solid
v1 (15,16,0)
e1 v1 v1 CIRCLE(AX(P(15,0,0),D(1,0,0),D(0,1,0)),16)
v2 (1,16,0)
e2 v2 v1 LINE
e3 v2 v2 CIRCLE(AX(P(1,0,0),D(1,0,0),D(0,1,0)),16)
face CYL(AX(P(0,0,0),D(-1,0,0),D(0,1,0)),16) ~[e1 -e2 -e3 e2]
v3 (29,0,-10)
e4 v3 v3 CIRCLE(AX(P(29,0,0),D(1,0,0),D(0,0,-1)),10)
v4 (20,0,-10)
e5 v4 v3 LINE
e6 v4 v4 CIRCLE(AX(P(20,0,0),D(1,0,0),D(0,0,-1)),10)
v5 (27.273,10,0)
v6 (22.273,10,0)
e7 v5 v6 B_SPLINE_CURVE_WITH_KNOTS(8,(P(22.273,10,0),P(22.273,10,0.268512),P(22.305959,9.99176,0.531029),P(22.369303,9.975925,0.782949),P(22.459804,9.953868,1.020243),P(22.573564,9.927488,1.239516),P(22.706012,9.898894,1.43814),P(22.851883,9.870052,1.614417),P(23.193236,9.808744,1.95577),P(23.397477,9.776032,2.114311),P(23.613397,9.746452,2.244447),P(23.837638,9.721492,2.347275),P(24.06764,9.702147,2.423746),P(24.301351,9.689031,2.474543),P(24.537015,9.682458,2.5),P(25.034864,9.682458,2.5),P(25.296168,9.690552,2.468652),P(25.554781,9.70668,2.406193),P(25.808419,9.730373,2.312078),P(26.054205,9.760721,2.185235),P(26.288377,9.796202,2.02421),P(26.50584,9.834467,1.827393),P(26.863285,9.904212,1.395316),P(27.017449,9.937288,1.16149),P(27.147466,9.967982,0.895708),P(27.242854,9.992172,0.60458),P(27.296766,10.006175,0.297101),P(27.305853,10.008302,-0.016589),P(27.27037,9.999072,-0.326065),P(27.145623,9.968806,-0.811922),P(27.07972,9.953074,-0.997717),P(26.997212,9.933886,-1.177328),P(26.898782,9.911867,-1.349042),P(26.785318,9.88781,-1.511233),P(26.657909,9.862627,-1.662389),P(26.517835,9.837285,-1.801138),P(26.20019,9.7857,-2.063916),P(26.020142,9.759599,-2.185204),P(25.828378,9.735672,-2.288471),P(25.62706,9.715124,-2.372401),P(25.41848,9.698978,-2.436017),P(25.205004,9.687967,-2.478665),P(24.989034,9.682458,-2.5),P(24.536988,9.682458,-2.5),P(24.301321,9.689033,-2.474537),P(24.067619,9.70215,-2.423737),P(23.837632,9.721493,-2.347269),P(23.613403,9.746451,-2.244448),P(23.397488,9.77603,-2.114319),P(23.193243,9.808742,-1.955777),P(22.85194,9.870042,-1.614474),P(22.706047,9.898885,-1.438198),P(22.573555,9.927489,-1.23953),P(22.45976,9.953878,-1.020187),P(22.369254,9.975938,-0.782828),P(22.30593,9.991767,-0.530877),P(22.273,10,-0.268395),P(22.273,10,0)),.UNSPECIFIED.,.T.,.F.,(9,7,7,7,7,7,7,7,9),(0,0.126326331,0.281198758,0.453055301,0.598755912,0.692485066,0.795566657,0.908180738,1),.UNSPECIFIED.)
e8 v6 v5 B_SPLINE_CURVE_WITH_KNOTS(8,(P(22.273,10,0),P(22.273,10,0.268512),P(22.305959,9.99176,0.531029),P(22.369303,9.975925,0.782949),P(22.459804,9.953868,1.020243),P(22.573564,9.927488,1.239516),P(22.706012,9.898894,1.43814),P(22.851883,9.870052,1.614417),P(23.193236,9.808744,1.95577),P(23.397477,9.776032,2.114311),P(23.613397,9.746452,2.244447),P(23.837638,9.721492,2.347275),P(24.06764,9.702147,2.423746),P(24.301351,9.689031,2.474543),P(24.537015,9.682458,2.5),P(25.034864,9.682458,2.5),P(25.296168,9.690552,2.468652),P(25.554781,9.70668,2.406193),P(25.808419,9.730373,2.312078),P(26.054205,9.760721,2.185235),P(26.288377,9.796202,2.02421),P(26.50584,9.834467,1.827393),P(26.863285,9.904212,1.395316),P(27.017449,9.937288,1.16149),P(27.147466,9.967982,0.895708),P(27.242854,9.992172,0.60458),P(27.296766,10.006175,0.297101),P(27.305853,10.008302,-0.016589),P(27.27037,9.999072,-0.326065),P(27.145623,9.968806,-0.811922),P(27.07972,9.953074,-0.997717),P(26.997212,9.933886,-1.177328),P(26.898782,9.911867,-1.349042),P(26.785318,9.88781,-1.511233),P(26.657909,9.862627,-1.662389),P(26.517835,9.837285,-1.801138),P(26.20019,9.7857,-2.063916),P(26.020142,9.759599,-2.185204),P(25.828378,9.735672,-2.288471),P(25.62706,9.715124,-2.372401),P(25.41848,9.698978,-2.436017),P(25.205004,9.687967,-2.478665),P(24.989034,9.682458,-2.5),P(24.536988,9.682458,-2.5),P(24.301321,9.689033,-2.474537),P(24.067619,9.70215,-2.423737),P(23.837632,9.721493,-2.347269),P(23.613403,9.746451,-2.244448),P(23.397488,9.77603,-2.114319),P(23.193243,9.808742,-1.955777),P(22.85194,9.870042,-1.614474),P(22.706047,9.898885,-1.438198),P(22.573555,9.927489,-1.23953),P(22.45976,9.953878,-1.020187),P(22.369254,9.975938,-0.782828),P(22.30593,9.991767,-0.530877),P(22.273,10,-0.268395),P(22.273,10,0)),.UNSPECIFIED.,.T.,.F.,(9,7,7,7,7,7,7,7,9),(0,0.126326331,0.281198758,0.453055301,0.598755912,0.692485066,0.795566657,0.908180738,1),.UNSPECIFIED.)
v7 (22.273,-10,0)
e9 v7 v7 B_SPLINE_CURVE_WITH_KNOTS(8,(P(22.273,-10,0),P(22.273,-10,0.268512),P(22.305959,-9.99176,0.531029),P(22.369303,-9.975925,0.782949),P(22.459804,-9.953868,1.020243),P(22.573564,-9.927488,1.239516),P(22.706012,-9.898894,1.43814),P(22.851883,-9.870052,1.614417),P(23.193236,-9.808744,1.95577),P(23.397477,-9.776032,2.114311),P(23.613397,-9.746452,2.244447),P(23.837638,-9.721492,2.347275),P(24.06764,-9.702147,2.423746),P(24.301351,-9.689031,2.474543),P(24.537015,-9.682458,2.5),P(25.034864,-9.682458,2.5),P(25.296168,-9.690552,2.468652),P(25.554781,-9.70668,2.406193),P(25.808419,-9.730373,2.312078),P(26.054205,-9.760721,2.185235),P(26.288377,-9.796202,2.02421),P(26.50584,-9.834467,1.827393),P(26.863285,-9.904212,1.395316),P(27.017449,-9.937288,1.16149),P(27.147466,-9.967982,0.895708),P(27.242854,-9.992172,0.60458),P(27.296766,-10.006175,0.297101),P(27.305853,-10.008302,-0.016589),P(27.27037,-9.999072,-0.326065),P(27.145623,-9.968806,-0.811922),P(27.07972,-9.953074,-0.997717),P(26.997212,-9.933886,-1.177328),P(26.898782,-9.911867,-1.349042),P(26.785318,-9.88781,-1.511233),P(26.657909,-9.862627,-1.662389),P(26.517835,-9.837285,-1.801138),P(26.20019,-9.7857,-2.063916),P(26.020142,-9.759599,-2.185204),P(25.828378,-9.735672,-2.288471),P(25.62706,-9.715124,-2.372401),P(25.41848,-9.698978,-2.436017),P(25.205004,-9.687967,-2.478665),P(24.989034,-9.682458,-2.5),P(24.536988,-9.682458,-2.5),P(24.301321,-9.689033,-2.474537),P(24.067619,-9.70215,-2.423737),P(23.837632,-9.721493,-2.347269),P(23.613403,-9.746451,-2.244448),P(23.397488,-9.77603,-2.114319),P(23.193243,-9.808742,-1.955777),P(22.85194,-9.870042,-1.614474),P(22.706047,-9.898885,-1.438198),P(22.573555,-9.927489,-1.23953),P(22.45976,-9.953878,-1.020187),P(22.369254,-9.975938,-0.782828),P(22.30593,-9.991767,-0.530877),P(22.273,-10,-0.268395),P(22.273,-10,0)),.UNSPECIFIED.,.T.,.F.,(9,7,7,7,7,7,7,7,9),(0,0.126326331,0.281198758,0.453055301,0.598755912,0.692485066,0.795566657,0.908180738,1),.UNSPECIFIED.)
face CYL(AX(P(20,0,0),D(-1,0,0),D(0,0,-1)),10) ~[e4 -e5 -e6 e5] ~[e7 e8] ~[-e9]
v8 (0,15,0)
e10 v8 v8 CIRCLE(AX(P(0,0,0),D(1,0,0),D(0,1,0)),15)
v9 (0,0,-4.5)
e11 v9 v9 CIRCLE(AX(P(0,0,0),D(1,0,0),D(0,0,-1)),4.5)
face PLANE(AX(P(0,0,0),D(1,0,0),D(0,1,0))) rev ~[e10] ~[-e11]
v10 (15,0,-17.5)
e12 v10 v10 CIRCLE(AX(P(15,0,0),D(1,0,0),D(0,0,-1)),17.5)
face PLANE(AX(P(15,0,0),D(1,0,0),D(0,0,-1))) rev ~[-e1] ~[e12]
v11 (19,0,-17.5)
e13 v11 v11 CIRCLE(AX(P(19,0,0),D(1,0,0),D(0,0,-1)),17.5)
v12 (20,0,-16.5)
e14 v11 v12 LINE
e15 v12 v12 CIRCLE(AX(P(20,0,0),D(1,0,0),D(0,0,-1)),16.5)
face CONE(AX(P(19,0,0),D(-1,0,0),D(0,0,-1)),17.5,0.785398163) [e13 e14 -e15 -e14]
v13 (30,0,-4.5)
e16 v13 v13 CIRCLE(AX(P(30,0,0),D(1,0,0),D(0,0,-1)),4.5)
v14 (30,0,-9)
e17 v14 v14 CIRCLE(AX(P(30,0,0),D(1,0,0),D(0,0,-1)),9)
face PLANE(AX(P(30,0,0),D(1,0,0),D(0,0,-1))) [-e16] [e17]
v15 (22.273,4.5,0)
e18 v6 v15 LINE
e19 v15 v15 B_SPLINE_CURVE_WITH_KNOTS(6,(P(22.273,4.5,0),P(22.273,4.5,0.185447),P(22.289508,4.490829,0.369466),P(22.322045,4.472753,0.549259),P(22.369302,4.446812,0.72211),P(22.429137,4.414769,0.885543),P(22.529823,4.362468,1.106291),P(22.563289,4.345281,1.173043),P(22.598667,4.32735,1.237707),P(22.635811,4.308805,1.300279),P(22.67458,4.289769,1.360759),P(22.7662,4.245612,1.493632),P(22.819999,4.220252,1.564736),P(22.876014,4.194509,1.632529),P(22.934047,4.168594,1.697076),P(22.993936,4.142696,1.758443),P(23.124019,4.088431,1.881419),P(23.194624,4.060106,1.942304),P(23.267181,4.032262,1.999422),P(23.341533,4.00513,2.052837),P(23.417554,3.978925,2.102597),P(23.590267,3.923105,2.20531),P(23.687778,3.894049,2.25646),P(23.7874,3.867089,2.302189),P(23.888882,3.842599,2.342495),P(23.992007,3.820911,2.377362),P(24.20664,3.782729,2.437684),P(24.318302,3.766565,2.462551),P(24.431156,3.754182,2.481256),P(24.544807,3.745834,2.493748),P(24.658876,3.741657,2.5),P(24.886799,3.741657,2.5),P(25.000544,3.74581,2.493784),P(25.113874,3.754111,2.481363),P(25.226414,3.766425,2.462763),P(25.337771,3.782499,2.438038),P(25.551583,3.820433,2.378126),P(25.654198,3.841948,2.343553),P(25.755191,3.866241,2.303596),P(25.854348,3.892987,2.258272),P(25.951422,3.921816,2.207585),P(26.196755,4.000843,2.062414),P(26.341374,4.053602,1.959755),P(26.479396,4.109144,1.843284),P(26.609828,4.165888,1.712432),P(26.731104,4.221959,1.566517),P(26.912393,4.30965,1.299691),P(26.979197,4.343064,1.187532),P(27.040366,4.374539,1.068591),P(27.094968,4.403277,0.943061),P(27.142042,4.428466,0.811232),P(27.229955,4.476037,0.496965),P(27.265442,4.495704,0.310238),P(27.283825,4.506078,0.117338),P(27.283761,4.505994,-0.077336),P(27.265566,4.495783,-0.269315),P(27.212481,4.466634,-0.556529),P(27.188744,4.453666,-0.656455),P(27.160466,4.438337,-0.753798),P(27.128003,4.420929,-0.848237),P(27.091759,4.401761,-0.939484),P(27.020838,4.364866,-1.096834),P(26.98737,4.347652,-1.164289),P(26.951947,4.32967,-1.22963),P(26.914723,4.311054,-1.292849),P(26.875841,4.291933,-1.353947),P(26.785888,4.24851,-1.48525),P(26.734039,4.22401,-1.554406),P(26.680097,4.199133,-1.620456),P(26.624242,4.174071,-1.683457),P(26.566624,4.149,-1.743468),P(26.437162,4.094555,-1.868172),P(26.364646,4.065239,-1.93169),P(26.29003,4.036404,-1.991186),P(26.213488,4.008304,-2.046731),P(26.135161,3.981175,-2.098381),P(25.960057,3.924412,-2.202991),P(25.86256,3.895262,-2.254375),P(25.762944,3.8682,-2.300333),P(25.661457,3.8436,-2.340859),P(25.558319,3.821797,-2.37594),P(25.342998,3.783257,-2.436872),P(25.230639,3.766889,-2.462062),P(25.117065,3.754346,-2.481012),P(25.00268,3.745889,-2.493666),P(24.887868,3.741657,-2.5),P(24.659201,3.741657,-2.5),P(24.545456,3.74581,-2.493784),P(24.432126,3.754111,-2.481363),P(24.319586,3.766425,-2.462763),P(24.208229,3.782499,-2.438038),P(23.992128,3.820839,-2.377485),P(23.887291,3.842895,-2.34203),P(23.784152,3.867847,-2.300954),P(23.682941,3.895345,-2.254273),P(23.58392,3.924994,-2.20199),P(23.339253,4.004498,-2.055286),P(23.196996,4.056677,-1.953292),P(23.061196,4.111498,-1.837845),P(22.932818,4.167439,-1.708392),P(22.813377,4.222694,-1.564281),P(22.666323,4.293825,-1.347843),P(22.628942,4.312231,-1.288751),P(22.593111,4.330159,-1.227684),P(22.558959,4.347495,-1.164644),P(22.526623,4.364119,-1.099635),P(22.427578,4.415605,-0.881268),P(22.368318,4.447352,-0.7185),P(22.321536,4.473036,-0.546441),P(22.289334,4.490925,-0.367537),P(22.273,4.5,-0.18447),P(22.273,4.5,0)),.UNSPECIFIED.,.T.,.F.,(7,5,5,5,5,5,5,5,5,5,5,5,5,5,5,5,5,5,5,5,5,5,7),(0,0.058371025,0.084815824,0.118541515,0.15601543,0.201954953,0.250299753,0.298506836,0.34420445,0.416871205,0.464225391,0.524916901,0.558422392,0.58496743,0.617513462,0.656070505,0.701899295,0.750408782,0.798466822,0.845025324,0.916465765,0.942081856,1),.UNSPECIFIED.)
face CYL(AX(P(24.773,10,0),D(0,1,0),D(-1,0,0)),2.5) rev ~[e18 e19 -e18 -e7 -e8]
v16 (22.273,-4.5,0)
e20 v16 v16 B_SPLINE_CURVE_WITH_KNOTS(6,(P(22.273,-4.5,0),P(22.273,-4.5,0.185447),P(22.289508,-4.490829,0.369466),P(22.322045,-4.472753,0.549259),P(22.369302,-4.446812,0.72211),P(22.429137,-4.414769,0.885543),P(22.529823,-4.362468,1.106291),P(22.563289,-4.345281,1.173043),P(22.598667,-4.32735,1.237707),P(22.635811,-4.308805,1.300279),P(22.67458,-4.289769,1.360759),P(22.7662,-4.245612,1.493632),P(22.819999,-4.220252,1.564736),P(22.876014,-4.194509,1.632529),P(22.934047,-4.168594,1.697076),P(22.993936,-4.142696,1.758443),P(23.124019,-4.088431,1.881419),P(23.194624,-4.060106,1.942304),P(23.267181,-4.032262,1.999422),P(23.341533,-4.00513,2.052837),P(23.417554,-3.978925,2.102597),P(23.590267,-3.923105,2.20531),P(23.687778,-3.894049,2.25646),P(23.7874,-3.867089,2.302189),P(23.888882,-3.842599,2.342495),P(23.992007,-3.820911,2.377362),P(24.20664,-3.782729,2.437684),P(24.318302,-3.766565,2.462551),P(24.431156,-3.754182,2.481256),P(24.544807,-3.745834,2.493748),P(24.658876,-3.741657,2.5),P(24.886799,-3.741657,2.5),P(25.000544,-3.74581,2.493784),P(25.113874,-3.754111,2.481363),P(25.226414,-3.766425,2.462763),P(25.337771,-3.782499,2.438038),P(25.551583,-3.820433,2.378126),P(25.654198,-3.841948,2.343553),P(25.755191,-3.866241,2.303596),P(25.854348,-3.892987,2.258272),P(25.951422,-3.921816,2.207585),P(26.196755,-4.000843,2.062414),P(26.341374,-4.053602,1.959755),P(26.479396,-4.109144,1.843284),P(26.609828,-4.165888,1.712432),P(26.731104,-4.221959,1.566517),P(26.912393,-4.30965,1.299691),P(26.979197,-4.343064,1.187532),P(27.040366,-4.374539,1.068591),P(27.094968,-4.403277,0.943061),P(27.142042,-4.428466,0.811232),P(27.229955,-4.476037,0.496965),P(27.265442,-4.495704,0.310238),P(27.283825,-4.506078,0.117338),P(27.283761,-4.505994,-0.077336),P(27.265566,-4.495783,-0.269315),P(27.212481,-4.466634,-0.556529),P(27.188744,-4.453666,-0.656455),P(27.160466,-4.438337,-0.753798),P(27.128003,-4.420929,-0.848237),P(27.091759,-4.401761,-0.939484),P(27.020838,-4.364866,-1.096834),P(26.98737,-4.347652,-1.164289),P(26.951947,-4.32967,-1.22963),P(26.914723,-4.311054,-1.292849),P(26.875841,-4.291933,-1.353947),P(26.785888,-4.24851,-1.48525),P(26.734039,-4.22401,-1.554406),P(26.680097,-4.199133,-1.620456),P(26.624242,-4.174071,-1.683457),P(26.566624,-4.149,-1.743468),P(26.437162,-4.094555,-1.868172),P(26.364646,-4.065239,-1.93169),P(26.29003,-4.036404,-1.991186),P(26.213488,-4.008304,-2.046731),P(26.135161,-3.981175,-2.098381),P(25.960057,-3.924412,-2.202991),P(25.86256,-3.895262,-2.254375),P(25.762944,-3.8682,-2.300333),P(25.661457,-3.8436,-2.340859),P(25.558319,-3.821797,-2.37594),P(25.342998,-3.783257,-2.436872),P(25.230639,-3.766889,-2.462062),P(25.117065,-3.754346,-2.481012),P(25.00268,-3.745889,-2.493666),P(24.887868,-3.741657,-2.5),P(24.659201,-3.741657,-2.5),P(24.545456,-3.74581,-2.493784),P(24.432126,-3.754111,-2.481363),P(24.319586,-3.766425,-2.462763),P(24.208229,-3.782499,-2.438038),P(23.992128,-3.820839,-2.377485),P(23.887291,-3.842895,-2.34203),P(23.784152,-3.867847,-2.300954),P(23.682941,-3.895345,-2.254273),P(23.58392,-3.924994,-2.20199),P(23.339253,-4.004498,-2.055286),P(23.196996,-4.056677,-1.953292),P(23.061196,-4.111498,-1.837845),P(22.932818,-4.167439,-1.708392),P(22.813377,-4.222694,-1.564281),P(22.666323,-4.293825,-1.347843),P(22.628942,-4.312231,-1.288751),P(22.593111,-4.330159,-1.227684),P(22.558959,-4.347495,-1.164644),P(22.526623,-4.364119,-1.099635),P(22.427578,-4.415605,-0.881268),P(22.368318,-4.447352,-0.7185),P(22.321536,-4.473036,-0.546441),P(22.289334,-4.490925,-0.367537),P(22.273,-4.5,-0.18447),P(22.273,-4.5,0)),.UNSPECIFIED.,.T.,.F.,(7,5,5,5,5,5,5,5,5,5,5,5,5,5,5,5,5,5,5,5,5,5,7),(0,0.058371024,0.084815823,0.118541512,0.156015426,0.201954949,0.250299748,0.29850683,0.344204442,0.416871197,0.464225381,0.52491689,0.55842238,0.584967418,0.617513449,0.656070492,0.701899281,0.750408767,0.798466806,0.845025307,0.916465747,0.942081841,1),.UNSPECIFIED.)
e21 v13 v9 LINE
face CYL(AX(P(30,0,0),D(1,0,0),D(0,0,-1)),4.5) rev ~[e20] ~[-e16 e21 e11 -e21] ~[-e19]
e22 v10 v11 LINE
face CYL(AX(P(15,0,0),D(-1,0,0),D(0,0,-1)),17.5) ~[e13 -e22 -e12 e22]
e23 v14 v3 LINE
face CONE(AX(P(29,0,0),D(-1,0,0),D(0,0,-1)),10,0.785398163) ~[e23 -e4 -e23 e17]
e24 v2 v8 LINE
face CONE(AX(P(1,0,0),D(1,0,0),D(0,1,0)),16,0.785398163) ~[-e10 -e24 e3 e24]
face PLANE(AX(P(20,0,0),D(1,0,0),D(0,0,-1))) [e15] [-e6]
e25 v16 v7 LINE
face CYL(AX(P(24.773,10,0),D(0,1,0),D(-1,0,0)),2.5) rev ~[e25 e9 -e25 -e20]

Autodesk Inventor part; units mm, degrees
ref_plane "YZ Plane" through (0, 0, 0) normal (1, 0, 0) x (0, 1, 0)
ref_plane "XY Plane" through (0, 0, 0) normal (0, 0, 1) x (1, 0, 0)
sketch "Sketch1" plane through (0, 0, 0) normal (1, 0, 0) x (0, 1, 0)
  circle A0 centre (0, 0) radius 16
  dimension "d0" = 32
extrude "Extrusion1" add sketch "Sketch1" along normal blind 15
sketch "Sketch2" plane through (15, 0, 0) normal (1, 0, 0) x (0, 0, -1)
  circle A0 centre (0, 0) radius 17.5
  dimension "d3" = 35
extrude "Extrusion2" add sketch "Sketch2" along normal blind 5
sketch "Sketch3" plane through (20, 0, 0) normal (1, 0, 0) x (0, 0, -1)
  circle A0 centre (0, 0) radius 10
  dimension "d6" = 20
extrude "Extrusion3" add sketch "Sketch3" along normal blind 10
sketch "Sketch4" plane through (30, 0, 0) normal (1, 0, 0) x (0, 0, -1)
  circle A0 centre (0, 0) radius 4.5
  dimension "d9" = 9
extrude "Extrusion4" cut sketch "Sketch4" against normal blind 58
thread "Thread1" size "M32x1.5" class "6g" standard "ANSI Metric M Profile" length 20
chamfer "Chamfer1" distance 1 angle 45 1 edges at (0, -16, 0)
ref_plane "Work Plane1" through (0, 10, 0) normal (0, 1, 0) x (-1, 0, 0)
sketch "Sketch5" plane through (0, 10, 0) normal (0, 1, 0) x (-1, 0, 0)
  circle A0 centre (-24.773, 0) radius 2.5
  point P0 (0, 0)
  dimension "d19" = 5
extrude "Extrusion5" cut sketch "Sketch5" against normal blind 27.5
thread "Thread2" size "M5x0.5" class "6H" standard "ANSI Metric M Profile" length 20
chamfer "Chamfer2" distance 1 angle 45 2 edges at (20, 0, 17.5) (30, 0, 10)
properties part number "sprocet adaptor"
